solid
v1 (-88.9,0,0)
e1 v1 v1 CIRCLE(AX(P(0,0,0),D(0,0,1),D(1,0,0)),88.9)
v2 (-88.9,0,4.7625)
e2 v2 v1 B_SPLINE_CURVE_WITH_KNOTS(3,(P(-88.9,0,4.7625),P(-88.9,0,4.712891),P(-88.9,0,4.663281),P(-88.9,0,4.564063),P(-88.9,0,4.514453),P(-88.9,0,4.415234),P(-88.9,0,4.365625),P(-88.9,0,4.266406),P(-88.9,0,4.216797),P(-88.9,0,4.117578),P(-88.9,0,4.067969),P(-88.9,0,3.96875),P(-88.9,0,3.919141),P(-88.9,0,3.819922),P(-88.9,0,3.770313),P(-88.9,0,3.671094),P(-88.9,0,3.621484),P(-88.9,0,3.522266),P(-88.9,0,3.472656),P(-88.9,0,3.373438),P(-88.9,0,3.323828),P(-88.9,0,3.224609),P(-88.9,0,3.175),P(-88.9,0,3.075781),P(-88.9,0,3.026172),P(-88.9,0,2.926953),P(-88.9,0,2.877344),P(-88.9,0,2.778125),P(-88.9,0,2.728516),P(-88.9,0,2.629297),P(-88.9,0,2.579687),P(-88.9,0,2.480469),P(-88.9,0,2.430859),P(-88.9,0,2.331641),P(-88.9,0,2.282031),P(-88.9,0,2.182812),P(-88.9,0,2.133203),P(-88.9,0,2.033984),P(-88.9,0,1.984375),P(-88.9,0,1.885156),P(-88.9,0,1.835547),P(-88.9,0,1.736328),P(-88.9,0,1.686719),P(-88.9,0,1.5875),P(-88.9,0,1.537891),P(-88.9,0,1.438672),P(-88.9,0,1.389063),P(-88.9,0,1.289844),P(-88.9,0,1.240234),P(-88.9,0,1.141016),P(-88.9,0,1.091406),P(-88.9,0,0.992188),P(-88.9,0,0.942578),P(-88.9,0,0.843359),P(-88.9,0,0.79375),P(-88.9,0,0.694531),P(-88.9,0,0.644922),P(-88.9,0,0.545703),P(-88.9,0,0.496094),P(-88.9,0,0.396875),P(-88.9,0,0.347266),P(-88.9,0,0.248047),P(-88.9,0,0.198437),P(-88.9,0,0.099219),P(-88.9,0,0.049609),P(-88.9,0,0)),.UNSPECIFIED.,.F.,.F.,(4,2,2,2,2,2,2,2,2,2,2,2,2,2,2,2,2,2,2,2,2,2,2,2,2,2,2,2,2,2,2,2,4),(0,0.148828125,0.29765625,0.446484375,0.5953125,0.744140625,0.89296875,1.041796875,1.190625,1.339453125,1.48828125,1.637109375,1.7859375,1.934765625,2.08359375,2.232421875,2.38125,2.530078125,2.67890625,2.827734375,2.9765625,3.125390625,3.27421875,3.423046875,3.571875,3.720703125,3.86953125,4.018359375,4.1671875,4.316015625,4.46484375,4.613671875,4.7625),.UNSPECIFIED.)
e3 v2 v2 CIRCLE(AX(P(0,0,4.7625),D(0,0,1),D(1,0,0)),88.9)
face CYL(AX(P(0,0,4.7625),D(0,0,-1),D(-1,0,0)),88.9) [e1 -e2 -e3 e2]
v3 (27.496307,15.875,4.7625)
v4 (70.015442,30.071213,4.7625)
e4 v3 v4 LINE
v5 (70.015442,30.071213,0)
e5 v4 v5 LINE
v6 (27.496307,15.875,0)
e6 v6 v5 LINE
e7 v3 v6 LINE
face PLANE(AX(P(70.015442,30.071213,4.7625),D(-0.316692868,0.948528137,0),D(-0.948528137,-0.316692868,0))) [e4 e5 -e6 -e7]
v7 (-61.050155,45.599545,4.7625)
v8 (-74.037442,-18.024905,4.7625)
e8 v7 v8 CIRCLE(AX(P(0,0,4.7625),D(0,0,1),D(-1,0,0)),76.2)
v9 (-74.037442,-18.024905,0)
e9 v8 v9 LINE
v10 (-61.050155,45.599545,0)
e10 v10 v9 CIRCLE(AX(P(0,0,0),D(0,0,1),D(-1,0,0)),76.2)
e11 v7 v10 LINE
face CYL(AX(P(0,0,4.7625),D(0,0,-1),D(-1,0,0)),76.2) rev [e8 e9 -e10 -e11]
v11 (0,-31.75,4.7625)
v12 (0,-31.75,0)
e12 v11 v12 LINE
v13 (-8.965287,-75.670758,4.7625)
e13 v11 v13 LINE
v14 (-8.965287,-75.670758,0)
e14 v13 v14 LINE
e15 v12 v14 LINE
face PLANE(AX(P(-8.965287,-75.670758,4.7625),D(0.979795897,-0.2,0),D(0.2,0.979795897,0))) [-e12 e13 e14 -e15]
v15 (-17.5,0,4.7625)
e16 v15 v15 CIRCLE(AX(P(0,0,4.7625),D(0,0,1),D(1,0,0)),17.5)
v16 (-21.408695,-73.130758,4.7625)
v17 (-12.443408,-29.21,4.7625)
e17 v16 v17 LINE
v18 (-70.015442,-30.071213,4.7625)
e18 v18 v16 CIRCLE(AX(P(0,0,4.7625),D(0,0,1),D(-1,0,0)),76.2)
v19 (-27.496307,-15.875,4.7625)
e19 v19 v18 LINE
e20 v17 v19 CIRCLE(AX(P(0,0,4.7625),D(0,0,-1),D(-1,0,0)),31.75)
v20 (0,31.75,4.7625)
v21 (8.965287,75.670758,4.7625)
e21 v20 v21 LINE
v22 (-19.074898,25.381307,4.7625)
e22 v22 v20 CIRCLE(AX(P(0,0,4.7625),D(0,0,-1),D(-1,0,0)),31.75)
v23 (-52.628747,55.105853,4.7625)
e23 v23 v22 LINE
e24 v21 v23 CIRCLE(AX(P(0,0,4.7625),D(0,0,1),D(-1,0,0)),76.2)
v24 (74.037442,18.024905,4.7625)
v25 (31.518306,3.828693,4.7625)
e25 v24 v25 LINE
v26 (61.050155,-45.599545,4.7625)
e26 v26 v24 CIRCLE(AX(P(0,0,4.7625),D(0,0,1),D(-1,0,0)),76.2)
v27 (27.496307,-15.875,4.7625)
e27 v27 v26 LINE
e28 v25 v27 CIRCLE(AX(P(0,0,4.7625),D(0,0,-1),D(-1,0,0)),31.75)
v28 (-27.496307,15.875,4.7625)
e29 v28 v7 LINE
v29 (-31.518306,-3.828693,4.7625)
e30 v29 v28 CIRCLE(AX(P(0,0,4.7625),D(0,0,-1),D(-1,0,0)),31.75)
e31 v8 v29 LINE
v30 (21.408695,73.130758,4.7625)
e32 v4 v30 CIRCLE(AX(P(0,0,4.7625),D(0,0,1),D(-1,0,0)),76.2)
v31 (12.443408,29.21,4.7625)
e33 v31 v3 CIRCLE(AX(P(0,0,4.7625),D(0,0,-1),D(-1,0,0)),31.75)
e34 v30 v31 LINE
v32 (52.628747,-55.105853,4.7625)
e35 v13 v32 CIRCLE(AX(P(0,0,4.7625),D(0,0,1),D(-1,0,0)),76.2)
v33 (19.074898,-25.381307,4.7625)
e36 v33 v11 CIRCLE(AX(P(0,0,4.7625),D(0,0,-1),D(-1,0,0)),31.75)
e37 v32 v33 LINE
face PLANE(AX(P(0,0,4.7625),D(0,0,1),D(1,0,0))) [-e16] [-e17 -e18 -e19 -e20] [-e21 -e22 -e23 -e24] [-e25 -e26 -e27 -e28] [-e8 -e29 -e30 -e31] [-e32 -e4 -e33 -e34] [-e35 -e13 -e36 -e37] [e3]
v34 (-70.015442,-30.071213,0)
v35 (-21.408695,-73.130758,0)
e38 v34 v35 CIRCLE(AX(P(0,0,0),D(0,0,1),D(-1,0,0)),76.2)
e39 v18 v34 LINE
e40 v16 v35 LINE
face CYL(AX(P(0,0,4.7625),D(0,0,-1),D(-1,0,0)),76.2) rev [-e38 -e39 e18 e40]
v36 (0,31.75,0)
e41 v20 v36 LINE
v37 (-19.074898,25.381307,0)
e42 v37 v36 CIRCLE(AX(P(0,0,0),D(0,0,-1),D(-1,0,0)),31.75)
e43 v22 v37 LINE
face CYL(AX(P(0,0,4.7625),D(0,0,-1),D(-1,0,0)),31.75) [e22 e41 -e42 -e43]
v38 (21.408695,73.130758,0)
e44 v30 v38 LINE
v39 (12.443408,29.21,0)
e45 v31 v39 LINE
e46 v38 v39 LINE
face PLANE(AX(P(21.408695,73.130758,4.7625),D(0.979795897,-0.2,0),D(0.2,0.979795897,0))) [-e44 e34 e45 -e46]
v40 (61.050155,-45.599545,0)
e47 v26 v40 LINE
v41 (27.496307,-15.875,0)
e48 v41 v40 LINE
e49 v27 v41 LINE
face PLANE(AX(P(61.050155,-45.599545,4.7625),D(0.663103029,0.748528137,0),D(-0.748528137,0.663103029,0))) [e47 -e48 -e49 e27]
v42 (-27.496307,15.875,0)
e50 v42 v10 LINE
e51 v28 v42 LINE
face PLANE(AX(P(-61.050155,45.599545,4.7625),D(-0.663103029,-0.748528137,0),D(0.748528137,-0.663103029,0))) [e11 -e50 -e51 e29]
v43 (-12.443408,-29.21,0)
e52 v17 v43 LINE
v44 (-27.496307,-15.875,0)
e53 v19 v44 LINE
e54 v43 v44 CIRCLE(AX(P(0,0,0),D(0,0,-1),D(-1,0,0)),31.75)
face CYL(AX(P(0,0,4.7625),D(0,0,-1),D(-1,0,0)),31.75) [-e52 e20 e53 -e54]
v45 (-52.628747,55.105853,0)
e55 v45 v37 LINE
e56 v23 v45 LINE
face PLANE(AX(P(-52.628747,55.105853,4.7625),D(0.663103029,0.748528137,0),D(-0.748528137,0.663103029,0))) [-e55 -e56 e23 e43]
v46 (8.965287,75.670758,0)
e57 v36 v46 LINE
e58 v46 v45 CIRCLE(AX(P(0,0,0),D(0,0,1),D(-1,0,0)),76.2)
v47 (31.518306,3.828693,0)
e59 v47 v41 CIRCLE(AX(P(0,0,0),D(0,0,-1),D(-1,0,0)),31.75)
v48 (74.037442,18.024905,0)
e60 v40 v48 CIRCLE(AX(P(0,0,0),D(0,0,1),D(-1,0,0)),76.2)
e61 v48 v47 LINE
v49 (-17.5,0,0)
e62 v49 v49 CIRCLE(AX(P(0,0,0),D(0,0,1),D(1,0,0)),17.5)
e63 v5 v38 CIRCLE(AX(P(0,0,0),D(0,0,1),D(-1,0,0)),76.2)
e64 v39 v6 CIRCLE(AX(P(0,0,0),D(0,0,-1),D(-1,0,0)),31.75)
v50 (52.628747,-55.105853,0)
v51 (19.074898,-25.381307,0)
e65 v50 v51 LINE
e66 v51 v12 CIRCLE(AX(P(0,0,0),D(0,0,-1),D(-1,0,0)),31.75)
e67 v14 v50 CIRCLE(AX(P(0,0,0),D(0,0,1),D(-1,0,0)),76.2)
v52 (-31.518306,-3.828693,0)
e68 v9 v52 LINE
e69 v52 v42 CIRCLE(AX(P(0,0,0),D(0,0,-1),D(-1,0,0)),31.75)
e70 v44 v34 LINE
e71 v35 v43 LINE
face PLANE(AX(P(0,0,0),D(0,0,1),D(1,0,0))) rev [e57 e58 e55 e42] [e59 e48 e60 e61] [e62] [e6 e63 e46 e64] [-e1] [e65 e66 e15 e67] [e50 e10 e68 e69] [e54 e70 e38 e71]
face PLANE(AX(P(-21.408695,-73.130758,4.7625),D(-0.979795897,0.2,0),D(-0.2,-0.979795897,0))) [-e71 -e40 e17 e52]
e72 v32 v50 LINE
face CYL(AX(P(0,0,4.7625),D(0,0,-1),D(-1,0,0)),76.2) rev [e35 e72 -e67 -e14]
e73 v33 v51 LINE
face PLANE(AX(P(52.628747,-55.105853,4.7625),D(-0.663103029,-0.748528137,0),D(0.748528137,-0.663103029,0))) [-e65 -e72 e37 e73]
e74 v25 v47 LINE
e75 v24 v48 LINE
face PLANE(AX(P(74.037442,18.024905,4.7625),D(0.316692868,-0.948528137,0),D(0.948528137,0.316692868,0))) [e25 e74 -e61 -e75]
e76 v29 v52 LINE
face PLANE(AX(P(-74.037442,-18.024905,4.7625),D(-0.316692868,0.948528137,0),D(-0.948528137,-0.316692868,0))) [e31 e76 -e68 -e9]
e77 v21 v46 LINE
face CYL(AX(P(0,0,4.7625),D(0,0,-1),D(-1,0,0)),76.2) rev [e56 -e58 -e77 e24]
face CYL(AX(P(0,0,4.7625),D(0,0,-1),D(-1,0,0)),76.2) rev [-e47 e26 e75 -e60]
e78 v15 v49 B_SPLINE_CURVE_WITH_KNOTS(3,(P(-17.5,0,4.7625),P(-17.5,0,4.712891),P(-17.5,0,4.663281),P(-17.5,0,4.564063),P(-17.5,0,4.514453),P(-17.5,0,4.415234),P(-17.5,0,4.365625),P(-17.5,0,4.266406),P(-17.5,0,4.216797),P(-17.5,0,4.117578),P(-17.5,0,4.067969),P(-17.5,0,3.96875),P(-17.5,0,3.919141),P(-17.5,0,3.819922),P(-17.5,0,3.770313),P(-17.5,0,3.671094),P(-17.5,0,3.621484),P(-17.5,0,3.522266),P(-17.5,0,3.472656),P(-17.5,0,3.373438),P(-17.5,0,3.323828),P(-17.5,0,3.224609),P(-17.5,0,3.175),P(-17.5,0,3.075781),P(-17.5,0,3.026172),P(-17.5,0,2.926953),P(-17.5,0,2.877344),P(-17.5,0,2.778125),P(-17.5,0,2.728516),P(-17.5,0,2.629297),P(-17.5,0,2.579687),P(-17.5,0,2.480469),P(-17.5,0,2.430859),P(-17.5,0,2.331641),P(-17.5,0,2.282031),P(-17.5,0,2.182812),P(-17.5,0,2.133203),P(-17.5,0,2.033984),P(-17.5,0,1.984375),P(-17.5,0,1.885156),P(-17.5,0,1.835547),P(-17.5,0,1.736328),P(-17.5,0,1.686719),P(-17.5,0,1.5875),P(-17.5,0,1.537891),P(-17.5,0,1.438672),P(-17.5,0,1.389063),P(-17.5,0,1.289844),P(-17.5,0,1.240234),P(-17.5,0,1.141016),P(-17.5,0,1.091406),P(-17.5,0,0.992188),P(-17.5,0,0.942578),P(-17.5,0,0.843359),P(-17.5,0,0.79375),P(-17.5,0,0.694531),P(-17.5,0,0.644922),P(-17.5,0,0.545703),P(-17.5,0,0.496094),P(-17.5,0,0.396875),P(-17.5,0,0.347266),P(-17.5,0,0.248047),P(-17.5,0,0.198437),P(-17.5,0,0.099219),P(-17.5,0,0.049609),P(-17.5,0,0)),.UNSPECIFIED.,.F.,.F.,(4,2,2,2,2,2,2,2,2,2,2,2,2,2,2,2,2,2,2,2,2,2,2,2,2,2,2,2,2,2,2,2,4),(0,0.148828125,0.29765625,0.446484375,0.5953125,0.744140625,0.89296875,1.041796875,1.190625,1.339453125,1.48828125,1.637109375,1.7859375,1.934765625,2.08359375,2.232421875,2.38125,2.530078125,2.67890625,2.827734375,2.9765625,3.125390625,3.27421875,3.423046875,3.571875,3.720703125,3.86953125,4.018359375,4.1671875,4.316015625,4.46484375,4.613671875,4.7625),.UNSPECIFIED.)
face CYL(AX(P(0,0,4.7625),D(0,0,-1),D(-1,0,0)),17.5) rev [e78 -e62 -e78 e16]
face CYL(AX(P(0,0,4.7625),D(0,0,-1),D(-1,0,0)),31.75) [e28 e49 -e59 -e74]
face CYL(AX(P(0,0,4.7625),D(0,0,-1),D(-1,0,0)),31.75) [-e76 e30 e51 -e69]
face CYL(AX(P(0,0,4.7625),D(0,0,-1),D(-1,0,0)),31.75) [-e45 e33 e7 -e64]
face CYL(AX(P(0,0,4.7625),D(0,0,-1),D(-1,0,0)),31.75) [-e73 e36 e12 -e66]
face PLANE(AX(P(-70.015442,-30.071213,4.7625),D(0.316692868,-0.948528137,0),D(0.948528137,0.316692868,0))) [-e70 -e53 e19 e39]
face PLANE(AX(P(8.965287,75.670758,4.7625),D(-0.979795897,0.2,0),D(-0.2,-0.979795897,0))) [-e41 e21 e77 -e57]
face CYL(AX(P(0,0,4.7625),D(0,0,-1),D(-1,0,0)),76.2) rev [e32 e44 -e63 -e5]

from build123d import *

# Parameters (mm, degrees)
SKETCH1_R           = 88.9
SKETCH1_R_2         = 17.5
BOSS_EXTRUDE1_DEPTH = 4.7625


with BuildPart() as part:
    # Sketch1 → Boss-Extrude1 (new body)
    with BuildSketch(Plane.XY):
        with Locations(Location((0, 0, 0), (0, 0, 180))):
            Circle(SKETCH1_R)
        with Locations(Location((0, 0, 0), (0, 0, 180))):
            Circle(SKETCH1_R_2, mode=Mode.SUBTRACT)
        with BuildLine():
            Line((8.965287197, 75.670758061), (0, 31.75))
            ThreePointArc((0, 31.75), (-10.054998553, 30.115768363), (-19.074898098, 25.381307345))
            Line((-19.074898098, 25.381307345), (-52.628746733, 55.10585284))
            ThreePointArc((-52.628746733, 55.10585284), (-24.131996526, 72.277844072), (8.965287197, 75.670758061))
        make_face(mode=Mode.SUBTRACT)
        with BuildLine():
            Line((70.015442403, 30.071212565), (27.49630657, 15.875))
            ThreePointArc((27.49630657, 15.875), (21.053521181, 23.765768363), (12.443407893, 29.21))
            Line((12.443407893, 29.21), (21.40869509, 73.130758061))
            ThreePointArc((21.40869509, 73.130758061), (50.528450834, 57.037844072), (70.015442403, 30.071212565))
        make_face(mode=Mode.SUBTRACT)
        with BuildLine():
            Line((61.050155206, -45.599545495), (27.49630657, -15.875))
            ThreePointArc((27.49630657, -15.875), (31.108519733, -6.35), (31.518305991, 3.828692655))
            Line((31.518305991, 3.828692655), (74.037441824, 18.02490522))
            ThreePointArc((74.037441824, 18.02490522), (74.66044736, -15.24), (61.050155206, -45.599545495))
        make_face(mode=Mode.SUBTRACT)
        with BuildLine():
            Line((-8.965287197, -75.670758061), (0, -31.75))
            ThreePointArc((0, -31.75), (10.054998553, -30.115768363), (19.074898098, -25.381307345))
            Line((19.074898098, -25.381307345), (52.628746733, -55.10585284))
            ThreePointArc((52.628746733, -55.10585284), (24.131996526, -72.277844072), (-8.965287197, -75.670758061))
        make_face(mode=Mode.SUBTRACT)
        with BuildLine():
            Line((-70.015442403, -30.071212565), (-27.49630657, -15.875))
            ThreePointArc((-27.49630657, -15.875), (-21.053521181, -23.765768363), (-12.443407893, -29.21))
            Line((-12.443407893, -29.21), (-21.40869509, -73.130758061))
            ThreePointArc((-21.40869509, -73.130758061), (-50.528450834, -57.037844072), (-70.015442403, -30.071212565))
        make_face(mode=Mode.SUBTRACT)
        with BuildLine():
            Line((-61.050155206, 45.599545495), (-27.49630657, 15.875))
            ThreePointArc((-27.49630657, 15.875), (-31.108519733, 6.35), (-31.518305991, -3.828692655))
            Line((-31.518305991, -3.828692655), (-74.037441824, -18.02490522))
            ThreePointArc((-74.037441824, -18.02490522), (-74.66044736, 15.24), (-61.050155206, 45.599545495))
        make_face(mode=Mode.SUBTRACT)
    extrude(amount=BOSS_EXTRUDE1_DEPTH)


solid = part.part
